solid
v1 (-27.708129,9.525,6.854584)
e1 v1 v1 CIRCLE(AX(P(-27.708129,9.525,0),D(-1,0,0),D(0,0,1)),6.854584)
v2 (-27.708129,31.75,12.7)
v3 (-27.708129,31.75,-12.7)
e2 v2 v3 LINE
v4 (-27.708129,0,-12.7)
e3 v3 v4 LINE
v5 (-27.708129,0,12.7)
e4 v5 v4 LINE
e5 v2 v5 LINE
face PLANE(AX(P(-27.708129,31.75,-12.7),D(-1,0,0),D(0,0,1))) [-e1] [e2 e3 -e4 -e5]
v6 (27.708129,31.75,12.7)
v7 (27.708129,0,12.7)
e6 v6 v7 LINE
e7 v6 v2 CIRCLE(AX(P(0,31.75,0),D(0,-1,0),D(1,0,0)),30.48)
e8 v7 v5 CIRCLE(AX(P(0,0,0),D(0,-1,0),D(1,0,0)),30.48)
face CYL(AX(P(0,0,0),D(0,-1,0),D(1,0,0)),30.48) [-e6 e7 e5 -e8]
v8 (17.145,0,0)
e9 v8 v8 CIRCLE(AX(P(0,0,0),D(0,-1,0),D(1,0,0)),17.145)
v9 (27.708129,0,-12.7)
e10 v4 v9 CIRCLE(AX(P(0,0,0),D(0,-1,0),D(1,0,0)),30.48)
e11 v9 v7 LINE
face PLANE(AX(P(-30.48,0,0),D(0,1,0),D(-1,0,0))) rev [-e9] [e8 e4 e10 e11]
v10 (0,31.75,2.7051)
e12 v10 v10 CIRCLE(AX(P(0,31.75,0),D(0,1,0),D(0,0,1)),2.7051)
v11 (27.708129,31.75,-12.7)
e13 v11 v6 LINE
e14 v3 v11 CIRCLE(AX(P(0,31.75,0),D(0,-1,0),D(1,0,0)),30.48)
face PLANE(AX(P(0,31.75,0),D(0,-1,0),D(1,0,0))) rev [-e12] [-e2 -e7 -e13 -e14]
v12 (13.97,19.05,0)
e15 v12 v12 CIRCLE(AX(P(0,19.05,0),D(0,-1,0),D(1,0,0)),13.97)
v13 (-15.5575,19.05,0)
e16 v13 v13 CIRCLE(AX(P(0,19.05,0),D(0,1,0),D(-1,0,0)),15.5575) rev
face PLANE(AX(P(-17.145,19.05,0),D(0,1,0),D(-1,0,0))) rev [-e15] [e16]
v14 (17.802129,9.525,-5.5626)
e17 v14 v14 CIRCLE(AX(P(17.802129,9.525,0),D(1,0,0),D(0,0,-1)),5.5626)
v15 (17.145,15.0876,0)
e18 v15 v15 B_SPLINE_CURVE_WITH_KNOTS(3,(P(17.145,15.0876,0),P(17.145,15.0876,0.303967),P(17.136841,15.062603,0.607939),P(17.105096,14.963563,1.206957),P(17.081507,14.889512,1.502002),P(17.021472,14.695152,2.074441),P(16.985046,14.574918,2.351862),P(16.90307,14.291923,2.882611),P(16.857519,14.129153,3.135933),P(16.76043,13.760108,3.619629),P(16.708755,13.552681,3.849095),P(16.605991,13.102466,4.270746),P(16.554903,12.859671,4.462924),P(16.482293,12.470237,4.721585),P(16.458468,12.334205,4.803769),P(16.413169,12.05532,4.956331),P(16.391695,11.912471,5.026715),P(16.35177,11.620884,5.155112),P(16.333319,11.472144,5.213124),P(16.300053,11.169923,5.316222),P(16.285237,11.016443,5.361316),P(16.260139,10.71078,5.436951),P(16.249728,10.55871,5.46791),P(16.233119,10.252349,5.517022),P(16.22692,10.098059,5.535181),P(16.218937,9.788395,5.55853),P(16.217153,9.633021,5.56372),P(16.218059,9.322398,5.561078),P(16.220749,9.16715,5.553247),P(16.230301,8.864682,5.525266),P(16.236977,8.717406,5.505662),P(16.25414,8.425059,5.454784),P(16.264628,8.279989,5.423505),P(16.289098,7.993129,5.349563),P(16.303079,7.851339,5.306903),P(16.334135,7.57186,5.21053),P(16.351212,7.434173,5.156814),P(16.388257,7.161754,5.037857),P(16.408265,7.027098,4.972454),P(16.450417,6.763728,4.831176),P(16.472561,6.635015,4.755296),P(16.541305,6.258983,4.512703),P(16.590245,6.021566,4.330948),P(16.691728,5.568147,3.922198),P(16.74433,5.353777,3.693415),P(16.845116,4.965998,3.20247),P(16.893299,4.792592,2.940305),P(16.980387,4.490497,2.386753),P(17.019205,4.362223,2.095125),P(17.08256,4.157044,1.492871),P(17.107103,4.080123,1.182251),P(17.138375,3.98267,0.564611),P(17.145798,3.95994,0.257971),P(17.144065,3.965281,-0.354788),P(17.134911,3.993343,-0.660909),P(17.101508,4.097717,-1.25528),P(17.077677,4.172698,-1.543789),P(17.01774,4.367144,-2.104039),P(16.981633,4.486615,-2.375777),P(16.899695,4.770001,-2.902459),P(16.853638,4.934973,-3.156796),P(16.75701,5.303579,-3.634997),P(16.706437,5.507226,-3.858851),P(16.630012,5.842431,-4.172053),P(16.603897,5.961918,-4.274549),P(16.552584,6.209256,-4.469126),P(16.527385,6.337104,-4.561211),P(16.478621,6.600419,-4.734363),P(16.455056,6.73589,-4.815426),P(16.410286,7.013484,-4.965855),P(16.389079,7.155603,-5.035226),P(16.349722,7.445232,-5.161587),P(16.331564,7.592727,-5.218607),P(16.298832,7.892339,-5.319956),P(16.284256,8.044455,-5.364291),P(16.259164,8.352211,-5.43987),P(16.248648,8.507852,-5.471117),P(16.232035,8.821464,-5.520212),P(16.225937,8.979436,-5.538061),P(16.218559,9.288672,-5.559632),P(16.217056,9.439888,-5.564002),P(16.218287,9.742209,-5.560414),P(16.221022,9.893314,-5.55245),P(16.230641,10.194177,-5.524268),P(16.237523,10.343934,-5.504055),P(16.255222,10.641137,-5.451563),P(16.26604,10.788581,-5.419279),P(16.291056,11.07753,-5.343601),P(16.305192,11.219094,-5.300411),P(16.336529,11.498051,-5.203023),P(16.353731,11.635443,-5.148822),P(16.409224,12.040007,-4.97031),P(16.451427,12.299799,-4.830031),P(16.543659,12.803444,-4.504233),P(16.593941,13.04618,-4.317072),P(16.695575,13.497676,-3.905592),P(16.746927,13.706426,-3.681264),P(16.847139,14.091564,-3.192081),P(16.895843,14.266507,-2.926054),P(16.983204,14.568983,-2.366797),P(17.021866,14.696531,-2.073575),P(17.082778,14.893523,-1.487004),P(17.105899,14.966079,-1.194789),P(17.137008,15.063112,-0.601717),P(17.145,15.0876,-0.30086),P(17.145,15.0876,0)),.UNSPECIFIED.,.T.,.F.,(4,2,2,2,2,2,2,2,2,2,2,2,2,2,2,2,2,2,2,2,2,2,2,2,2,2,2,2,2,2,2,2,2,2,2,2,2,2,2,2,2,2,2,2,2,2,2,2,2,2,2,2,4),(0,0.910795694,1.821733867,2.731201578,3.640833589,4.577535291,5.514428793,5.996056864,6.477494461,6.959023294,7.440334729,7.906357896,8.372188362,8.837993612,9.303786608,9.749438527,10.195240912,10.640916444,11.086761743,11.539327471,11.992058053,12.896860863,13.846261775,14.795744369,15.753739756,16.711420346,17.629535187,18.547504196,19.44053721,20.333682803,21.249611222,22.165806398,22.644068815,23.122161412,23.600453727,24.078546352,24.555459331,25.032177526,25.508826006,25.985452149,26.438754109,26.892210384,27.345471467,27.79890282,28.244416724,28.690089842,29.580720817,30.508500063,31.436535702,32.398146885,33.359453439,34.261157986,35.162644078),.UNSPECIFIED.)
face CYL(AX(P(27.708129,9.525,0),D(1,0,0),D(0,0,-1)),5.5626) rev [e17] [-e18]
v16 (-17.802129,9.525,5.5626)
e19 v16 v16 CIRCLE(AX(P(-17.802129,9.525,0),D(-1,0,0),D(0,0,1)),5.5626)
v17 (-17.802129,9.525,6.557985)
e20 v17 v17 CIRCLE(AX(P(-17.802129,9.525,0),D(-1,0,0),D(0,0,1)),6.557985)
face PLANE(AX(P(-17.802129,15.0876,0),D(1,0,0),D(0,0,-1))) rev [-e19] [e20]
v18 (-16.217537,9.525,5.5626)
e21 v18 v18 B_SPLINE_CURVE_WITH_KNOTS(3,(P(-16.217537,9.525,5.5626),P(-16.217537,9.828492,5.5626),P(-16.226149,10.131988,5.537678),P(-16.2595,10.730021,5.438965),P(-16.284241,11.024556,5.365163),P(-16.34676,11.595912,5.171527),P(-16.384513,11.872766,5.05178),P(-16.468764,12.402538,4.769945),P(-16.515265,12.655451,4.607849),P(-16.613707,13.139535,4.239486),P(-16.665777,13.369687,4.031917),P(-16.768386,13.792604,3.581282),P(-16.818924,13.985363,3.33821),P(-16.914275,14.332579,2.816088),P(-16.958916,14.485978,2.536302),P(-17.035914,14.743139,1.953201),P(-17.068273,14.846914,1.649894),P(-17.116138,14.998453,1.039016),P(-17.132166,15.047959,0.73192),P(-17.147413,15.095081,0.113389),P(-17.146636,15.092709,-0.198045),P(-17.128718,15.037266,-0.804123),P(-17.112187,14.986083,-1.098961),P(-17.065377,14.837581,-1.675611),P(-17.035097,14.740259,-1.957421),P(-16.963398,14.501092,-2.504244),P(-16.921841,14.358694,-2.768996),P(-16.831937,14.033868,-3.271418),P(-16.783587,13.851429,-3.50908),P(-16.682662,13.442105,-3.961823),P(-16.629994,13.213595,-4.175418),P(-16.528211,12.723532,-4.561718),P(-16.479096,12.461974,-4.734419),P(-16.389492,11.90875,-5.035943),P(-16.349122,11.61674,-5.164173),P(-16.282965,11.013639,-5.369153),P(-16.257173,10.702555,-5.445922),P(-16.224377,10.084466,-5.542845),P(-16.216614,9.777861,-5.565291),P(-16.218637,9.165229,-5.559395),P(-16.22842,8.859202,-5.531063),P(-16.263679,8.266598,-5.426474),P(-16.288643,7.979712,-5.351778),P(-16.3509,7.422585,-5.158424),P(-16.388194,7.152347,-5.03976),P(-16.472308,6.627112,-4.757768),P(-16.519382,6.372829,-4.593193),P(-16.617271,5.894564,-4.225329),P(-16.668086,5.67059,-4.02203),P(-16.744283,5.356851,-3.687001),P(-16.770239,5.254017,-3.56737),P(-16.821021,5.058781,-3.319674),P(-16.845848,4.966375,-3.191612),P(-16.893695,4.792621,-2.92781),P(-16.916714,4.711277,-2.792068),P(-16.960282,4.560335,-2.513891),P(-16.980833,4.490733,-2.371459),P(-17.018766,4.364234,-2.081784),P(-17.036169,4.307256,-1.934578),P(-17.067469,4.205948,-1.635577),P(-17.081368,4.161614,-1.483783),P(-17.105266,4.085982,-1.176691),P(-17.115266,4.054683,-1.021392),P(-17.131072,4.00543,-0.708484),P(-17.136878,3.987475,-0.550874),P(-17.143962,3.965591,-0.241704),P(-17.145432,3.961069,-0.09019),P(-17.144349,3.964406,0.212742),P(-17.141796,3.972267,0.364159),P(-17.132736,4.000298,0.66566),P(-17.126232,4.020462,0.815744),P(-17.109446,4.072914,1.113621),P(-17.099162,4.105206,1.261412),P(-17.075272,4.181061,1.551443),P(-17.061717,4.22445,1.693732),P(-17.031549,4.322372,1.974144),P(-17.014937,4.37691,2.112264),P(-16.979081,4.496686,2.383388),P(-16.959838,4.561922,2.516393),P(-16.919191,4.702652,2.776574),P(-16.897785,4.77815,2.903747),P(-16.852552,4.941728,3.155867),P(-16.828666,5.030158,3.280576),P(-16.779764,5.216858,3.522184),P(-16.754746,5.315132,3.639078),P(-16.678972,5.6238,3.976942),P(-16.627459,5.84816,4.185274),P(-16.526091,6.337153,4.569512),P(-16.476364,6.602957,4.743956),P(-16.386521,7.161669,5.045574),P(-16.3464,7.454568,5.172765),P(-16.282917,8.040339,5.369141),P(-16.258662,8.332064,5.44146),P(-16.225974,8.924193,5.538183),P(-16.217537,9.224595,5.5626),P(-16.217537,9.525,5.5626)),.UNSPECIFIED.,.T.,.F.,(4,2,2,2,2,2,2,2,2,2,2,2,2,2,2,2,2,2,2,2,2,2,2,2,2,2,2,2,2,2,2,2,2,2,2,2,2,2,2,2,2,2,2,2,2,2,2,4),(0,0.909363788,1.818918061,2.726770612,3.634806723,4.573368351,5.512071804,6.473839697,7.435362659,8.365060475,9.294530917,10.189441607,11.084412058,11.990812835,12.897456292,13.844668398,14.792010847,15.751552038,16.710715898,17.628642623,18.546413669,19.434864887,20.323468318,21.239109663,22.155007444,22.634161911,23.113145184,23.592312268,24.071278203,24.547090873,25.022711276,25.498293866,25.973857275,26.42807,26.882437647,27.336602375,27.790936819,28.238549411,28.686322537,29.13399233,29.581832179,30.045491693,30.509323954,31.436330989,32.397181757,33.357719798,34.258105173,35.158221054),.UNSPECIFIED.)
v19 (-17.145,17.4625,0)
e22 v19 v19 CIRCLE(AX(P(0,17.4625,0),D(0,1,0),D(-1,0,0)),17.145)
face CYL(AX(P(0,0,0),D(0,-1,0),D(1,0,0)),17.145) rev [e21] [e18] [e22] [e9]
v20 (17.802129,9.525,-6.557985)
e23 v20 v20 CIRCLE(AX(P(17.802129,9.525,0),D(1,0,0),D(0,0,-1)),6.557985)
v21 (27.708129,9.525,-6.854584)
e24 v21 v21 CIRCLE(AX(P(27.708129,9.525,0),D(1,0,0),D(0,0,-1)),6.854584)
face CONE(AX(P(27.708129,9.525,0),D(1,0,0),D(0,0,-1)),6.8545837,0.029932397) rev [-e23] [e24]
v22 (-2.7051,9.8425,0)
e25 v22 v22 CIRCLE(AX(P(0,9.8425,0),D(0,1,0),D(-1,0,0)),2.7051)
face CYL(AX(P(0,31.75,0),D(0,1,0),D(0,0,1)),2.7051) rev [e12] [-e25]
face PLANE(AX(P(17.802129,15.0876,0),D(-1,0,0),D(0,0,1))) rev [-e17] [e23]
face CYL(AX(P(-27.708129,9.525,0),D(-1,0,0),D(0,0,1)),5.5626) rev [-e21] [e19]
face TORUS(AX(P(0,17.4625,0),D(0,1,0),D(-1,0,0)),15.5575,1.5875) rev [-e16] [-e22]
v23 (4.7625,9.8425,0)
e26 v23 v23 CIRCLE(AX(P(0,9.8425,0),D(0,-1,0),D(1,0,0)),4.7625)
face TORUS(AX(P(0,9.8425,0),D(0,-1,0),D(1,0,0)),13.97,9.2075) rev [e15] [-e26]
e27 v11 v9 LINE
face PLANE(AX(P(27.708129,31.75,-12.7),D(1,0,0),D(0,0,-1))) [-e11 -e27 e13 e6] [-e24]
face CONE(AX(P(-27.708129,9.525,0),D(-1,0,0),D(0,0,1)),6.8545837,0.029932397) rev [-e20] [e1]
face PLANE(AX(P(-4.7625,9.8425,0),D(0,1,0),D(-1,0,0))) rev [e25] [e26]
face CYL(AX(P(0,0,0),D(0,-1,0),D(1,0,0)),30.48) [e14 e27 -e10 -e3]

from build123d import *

# Parameters (mm, degrees)
F_1_4_28_TAPPED_HOLE1_D = 5.4102
SKETCH4_W               = 25.4
SKETCH4_H               = 25.4
FLATS_DEPTH             = 54.536186827
FILLET1_R               = 1.5875


with BuildPart() as part:
    # Sketch1 → Revolve1 (revolve)
    with BuildSketch(Plane.XY, mode=Mode.PRIVATE) as revolve1_sk:
        with BuildLine():
            Line((0, 31.75), (-30.48, 31.75))
            Line((-30.48, 31.75), (-30.48, 0))
            Line((-30.48, 0), (-17.145, 0))
            Line((-17.145, 0), (-17.145, 19.05))
            Line((-17.145, 19.05), (-13.97, 19.05))
            ThreePointArc((-13.97, 19.05), (-7.459314312, 16.353185688), (-4.7625, 9.8425))
            Line((-4.7625, 9.8425), (0, 9.8425))
            Line((0, 9.8425), (0, 31.75))
        make_face()
    revolve(revolve1_sk.sketch.rotate(Axis((0, 0, 0), (0, 1, 0)), 180), axis=Axis((0, 0, 0), (0, 1, 0)))

    # 1/4-28 Tapped Hole1 (through all)
    with Locations(Plane(origin=(0, 31.75, 0), x_dir=(1, 0, 0), z_dir=(0, 1, 0))):
        with Locations((0, 0)):
            Hole(F_1_4_28_TAPPED_HOLE1_D / 2)

    # Sketch4 → flats (cut, through all)
    with BuildSketch(Plane(origin=(0, 0, 0), x_dir=(1, 0, 0), z_dir=(0, 1, 0))):
        with Locations((-40.408128771, 0)):
            Rectangle(SKETCH4_W, SKETCH4_H)
        with Locations((40.408128771, 0)):
            Rectangle(SKETCH4_W, SKETCH4_H)
    extrude(amount=FLATS_DEPTH, mode=Mode.SUBTRACT)

    # Sketch6 → 1/4 NPT Tapped Hole1 (revolve, cut)
    with BuildSketch(Plane(origin=(27.708128771, 9.525, 0), x_dir=(0, 0, -1), z_dir=(0, 1, 0))):
        Polygon((0, 0), (0, 20.614347279), (5.5626, 17.272), (5.5626, 9.906), (6.557984794, 9.906), (6.8545837, 0), align=None)
    f_1_4_npt_tapped_hole1 = revolve(axis=Axis((34.058128771, 9.525, 0), (-1, 0, 0)), mode=Mode.SUBTRACT)

    # Mirror1: 1/4 NPT Tapped Hole1 across plane
    add(f_1_4_npt_tapped_hole1.mirror(Plane(origin=(0, 0, 0), x_dir=(0, 0, 1), z_dir=(1, 0, 0))), mode=Mode.SUBTRACT)

    # Fillet1
    fillet1_edges = [part.edges().sort_by_distance(p)[0] for p in [
        (-17.145, 19.05, 0),
    ]]
    fillet(fillet1_edges, radius=FILLET1_R)


solid = part.part
